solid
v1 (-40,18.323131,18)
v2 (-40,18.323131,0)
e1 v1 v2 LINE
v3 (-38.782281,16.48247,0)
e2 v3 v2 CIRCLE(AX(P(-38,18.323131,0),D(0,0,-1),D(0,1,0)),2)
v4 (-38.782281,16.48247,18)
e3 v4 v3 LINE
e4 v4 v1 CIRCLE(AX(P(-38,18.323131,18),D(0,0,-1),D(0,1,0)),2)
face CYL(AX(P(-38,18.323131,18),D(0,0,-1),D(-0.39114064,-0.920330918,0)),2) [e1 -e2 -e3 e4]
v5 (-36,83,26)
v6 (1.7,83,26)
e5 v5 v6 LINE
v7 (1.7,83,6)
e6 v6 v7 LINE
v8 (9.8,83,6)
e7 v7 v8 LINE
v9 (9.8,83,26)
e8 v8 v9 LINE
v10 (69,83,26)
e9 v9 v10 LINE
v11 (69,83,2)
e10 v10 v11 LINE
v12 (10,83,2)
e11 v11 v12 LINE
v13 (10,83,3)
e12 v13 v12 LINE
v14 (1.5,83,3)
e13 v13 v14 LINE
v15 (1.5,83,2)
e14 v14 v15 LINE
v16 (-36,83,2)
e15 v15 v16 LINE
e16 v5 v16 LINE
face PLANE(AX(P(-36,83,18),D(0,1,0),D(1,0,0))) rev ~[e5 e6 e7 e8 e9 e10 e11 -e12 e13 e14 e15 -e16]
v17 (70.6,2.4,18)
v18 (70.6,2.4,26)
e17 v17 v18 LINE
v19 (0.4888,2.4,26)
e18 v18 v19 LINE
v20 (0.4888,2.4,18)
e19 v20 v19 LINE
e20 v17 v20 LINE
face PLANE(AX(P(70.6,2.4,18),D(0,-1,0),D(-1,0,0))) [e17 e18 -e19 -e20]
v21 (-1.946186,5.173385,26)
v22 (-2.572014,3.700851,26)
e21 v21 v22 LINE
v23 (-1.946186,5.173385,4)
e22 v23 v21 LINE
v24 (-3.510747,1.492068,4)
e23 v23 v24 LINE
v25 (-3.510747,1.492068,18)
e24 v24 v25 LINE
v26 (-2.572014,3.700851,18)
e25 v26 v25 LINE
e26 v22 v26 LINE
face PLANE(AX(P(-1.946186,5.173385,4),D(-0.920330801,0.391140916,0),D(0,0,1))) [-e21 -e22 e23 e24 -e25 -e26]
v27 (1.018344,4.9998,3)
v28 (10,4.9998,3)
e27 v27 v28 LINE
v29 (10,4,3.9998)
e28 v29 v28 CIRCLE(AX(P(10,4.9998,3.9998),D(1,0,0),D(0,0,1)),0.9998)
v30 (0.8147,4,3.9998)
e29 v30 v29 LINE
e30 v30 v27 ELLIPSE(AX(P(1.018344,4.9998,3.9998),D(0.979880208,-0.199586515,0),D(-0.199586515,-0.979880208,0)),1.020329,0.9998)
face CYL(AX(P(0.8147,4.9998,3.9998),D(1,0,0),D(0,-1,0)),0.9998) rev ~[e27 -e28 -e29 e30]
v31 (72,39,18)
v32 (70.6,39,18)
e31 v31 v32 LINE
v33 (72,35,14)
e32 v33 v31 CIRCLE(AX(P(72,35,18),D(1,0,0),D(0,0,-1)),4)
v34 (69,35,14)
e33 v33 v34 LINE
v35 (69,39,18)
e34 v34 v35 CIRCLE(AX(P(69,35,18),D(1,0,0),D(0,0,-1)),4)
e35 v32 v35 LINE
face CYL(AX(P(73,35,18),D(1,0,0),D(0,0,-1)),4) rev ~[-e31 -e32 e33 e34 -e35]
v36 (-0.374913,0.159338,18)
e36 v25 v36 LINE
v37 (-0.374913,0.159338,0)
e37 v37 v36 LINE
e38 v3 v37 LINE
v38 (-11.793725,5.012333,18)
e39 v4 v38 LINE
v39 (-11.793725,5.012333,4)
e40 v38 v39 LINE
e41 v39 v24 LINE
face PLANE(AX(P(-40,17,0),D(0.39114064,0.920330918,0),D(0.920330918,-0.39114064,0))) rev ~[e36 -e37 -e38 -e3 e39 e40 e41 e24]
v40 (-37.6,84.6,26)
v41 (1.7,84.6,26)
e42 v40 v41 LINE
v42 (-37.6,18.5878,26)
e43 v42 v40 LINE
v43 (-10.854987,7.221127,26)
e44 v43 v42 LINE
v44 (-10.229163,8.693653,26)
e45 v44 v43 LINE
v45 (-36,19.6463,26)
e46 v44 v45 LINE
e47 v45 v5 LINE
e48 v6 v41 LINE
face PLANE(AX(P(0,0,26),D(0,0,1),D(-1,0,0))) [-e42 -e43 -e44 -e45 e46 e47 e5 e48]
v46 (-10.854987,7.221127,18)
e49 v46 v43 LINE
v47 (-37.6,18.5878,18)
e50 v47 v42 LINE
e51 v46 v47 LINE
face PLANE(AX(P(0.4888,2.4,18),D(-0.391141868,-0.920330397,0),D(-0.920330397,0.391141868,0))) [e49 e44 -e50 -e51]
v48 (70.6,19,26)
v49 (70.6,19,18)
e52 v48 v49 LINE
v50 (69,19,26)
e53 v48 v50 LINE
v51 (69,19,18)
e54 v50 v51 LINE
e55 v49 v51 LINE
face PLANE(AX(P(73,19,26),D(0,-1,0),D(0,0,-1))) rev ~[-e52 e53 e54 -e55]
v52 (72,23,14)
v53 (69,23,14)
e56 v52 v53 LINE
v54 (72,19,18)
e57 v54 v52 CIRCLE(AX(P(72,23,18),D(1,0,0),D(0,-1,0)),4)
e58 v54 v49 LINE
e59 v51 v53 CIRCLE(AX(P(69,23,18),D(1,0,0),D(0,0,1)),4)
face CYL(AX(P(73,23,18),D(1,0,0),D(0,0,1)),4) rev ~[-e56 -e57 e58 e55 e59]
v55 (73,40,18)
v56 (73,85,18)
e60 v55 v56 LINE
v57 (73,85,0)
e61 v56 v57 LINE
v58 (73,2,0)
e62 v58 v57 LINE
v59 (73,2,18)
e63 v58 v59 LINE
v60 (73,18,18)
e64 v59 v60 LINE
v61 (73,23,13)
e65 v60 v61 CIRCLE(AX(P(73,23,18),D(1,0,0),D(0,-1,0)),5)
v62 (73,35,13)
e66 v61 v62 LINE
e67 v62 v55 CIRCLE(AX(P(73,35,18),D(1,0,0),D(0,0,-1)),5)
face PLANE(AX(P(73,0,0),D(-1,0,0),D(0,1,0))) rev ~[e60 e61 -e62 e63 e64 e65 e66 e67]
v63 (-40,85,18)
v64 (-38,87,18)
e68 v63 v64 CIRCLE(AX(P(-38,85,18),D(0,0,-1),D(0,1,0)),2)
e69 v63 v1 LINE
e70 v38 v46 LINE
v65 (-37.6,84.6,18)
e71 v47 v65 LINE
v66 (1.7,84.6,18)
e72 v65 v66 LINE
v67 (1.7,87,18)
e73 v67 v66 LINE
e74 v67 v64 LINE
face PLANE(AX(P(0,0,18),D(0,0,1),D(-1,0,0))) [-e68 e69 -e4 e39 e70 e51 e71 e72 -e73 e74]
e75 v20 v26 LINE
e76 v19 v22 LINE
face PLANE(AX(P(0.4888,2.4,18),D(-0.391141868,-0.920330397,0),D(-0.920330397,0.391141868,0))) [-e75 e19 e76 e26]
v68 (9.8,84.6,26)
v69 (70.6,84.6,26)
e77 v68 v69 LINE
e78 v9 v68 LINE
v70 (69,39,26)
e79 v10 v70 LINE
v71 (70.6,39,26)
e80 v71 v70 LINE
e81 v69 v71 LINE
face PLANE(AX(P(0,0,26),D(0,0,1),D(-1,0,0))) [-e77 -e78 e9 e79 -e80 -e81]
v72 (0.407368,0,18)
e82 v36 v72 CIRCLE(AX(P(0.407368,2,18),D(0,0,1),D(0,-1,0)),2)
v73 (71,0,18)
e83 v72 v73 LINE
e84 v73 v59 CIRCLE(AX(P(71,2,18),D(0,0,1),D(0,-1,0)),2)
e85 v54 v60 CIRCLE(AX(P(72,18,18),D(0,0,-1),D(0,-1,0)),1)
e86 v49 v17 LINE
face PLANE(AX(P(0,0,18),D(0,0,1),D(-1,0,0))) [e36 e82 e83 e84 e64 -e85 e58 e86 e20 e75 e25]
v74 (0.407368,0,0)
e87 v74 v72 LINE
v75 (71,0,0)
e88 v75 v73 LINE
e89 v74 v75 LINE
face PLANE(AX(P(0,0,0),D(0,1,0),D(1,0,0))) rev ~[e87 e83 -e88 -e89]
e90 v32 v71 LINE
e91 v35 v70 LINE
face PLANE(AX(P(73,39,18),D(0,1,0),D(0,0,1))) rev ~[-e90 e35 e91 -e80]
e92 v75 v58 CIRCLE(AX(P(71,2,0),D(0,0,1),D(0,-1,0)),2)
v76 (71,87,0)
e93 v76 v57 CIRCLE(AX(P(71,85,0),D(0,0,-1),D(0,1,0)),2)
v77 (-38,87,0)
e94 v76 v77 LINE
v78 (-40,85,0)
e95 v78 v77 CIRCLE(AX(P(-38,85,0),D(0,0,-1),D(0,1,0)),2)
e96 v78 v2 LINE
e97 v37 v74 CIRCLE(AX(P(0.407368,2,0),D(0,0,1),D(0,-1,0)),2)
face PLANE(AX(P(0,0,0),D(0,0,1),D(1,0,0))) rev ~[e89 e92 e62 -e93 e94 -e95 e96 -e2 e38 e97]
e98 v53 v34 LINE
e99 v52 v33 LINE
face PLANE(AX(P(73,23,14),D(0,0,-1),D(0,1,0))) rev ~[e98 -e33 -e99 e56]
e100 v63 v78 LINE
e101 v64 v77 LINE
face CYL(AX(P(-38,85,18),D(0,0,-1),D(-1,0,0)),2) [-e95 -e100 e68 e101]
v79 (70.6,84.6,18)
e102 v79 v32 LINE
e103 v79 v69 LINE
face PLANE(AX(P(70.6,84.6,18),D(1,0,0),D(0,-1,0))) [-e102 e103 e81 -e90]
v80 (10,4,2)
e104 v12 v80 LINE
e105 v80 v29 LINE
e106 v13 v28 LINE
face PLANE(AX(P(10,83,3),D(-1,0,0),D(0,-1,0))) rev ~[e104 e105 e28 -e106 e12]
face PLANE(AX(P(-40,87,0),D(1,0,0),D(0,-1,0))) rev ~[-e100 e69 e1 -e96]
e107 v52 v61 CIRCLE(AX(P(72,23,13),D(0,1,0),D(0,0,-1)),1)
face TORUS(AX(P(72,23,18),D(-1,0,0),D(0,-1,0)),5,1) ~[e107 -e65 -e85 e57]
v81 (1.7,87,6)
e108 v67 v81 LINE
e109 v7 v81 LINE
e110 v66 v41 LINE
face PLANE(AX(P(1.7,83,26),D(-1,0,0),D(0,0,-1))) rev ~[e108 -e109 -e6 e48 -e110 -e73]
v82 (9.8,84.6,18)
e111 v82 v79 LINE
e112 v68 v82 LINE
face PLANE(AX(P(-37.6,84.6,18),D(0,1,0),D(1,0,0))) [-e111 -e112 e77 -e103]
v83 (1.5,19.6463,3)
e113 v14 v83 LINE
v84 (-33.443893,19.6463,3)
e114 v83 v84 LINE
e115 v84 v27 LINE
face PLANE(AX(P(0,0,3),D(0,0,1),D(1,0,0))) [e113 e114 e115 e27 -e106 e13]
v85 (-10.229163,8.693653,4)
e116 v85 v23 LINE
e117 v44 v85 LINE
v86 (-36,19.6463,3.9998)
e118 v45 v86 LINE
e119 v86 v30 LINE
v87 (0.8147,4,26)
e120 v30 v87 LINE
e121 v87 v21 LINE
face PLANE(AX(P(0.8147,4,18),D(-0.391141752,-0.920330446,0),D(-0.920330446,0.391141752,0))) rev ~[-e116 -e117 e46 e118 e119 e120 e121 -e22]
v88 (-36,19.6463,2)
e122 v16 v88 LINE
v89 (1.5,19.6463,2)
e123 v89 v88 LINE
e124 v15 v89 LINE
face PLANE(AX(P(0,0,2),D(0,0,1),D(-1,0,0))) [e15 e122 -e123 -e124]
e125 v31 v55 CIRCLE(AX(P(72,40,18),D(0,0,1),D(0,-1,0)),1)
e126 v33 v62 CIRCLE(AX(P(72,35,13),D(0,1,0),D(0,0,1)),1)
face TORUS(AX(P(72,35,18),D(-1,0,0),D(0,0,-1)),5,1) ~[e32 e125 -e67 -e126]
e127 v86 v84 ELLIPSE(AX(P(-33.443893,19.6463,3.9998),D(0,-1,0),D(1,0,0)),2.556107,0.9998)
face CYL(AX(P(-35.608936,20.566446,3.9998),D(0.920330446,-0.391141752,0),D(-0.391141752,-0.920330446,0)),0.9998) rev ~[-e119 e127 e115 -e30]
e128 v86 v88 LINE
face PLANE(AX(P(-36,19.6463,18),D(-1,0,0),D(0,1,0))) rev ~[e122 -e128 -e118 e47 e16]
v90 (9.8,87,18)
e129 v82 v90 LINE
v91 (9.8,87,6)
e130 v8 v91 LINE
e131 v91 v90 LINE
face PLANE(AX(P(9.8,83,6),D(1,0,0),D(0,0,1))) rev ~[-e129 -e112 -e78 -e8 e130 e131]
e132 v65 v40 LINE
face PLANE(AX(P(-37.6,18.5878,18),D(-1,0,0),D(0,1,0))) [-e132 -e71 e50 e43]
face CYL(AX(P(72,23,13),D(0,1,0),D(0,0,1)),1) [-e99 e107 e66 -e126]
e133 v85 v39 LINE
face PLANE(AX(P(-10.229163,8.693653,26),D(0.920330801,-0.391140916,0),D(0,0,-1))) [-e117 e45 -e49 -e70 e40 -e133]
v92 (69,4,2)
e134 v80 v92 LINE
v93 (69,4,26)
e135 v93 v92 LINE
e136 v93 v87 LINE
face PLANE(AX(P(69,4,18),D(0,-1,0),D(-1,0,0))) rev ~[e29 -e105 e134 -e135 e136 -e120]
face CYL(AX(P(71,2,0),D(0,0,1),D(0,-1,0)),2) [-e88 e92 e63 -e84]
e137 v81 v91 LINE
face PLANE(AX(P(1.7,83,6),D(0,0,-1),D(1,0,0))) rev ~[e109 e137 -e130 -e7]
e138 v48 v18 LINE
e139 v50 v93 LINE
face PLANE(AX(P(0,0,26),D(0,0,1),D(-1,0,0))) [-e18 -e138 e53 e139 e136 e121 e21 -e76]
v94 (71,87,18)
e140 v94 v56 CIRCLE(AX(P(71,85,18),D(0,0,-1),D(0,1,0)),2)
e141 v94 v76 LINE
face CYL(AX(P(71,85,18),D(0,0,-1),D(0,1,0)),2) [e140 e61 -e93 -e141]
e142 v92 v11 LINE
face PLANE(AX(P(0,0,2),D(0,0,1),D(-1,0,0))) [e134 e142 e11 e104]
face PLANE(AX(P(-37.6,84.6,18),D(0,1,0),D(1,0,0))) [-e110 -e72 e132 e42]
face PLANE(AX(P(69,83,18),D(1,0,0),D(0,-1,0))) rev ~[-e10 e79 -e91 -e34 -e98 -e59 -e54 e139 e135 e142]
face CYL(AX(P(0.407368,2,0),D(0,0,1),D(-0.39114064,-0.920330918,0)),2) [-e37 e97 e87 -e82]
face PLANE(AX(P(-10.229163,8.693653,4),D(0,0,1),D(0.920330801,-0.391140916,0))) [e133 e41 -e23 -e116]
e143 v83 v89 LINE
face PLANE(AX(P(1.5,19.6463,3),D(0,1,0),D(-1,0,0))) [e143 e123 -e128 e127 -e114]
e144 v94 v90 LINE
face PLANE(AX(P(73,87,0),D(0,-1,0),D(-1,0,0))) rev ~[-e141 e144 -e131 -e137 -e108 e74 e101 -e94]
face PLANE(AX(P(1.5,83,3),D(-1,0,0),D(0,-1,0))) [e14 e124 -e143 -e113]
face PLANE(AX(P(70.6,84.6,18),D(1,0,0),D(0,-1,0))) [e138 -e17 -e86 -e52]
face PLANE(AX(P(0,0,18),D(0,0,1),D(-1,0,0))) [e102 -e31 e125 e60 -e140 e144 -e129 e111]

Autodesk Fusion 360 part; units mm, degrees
sketch "Esquisse1" plane through (0, 0, 0) normal (0, 0, 1) x (1, 0, 0)
  line L0 (0, 0) -> (73, 0)
  line L1 (73, 0) -> (73, 87)
  line L2 (73, 87) -> (-40, 87)
  line L3 (-40, 87) -> (-40, 17)
  line L4 (-40, 17) -> (0, 0)
  dimension "d5" = 87
  dimension "d6" = 113
  dimension "d7" = 70
  dimension "d8" = 73
extrude "Extrusion1" add sketch "Esquisse1" along normal blind 3
sketch "Esquisse2" plane through (0, 0, 3) normal (0, 0, 1) x (-1, 0, 0)
  line L0 (40, -17) -> (0, 0)
  line L1 (0, 0) -> (-73, 0)
  line L2 (-73, 0) -> (-73, -87)
  line L3 (-73, -87) -> (40, -87)
  line L4 (40, -87) -> (40, -17)
  line L5 (-0.8147, -4) -> (-69, -4)
  line L6 (-69, -4) -> (-69, -83)
  line L7 (-69, -83) -> (36, -83)
  line L8 (36, -83) -> (36, -19.6463)
  line L9 (36, -19.6463) -> (-0.8147, -4)
  dimension "d11" = 4
  dimension "d12" = 4
  dimension "d13" = 4
  dimension "d14" = 4
  dimension "d15" = 4
extrude "Extrusion2" add sketch "Esquisse2" along normal blind 15
sketch "Esquisse3" plane through (0, 0, 18) normal (0, 0, 1) x (-1, 0, 0)
  line L0 (-0.8147, -4) -> (36, -19.6463)
  line L1 (36, -19.6463) -> (36, -83)
  line L2 (36, -83) -> (-69, -83)
  line L3 (-69, -83) -> (-69, -4)
  line L4 (-69, -4) -> (-0.8147, -4)
  line L5 (40, -87) -> (40, -17)
  line L6 (40, -17) -> (0, 0)
  line L7 (0, 0) -> (-73, 0)
  line L8 (-73, 0) -> (-73, -87)
  line L9 (-73, -87) -> (40, -87)
  line L10 (37.6, -84.6) -> (-70.6, -84.6)
  line L11 (-70.6, -84.6) -> (-70.6, -2.4)
  line L12 (-70.6, -2.4) -> (-0.4888, -2.4)
  line L13 (-0.4888, -2.4) -> (37.6, -18.5878)
  line L14 (37.6, -18.5878) -> (37.6, -84.6)
  dimension "d18" = 1.6
  dimension "d19" = 1.6
  dimension "d20" = 1.6
  dimension "d21" = 1.6
  dimension "d22" = 1.6
extrude "Extrusion3" add sketch "Esquisse3" along normal blind 8 contours L10 L11 L12 L13 L14
sketch "Esquisse4" plane through (0, 0, 3) normal (0, 0, 1) x (-1, 0, 0)
  line L0 (-0.8147, -4) -> (-69, -4)
  line L1 (-69, -4) -> (-69, -83)
  line L2 (-69, -83) -> (36, -83)
  line L3 (36, -83) -> (36, -19.6463)
  line L4 (36, -19.6463) -> (-0.8147, -4)
  line L5 (-69, -83) -> (-10, -83)
  line L6 (-10, -83) -> (-10, -4)
  line L7 (-10, -4) -> (-69, -4)
  line L8 (-69, -4) -> (-69, -83)
  line L9 (36, -83) -> (-1.5, -83)
  line L10 (-1.5, -83) -> (-1.5, -19.6463)
  line L11 (-1.5, -19.6463) -> (36, -19.6463)
  line L12 (36, -19.6463) -> (36, -83)
  dimension "d25" = 59
  dimension "d27" = 37.5
extrude "Extrusion4" cut sketch "Esquisse4" against normal blind 1 contours L0 L1 L2 L5 L6 L7 L8 | L2 L3 L9 L10 L11 L12
sketch "Esquisse5" plane through (73, 0, 0) normal (1, 0, 0) x (0, 1, 0)
  line L0 (0, 0) -> (87, 0)
  line L1 (87, 0) -> (87, 18)
  line L2 (87, 18) -> (0, 18)
  line L3 (0, 18) -> (0, 0)
  line L4 (23, 14) -> (35, 14)
  arc A0 (35, 14) -> (35, 22) centre (35, 18) ccw
  line L5 (35, 22) -> (23, 22)
  arc A1 (23, 22) -> (23, 14) centre (23, 18) ccw
  line L6 (19, 18) -> (39, 18)
  line L7 (39, 18) -> (39, 26)
  line L8 (39, 26) -> (19, 26)
  line L9 (19, 26) -> (19, 18)
  line L10 (2.4, 26) -> (84.6, 26)
  dimension "d34" = 8
  dimension "d35" = 12
  dimension "d36" = 23
  dimension "d37" = 14
  dimension "d38" = 4
extrude "Extrusion5" cut sketch "Esquisse5" against normal blind 5 contours L2 A0 L5 A1 L6 | A0 L5 A1 L7 L8 L9 L10 | L2 L4 A0 A1 L6
sketch "Esquisse10" plane through (1.5646, 3.6813, 0) normal (0.391141, 0.920331, 0) x (-0.920331, 0.391141, 0)
  line L0 (0.8147, 3) -> (40.8164, 3)
  line L1 (40.8164, 3) -> (40.8164, 26)
  line L2 (40.8164, 26) -> (0.8147, 26)
  line L3 (0.8147, 26) -> (0.8147, 3)
  line L4 (3.8147, 26) -> (12.8147, 26)
  line L5 (12.8147, 26) -> (12.8147, 4)
  line L6 (12.8147, 4) -> (3.8147, 4)
  line L7 (3.8147, 4) -> (3.8147, 26)
  dimension "d55" = 9
  dimension "d56" = 22
  dimension "d57" = 3
extrude "Extrusion8" cut sketch "Esquisse10" against normal blind 5 contours L2 L4 L5 L6 L7
sketch "Esquisse11" plane through (0, 83, 0) normal (0, -1, 0) x (1, 0, 0)
  line L0 (69, 2) -> (69, 26)
  line L1 (69, 26) -> (-36, 26)
  line L2 (-36, 26) -> (-36, 2)
  line L3 (1.5, 2) -> (1.5, 3)
  line L4 (1.5, 3) -> (10, 3)
  line L5 (10, 3) -> (10, 2)
  line L6 (9.8, 26) -> (1.7, 26)
  line L7 (1.7, 26) -> (1.7, 6)
  line L8 (1.7, 6) -> (9.8, 6)
  line L9 (9.8, 6) -> (9.8, 26)
  line L10 (-36, 2) -> (1.5, 2)
  line L11 (10, 2) -> (69, 2)
  dimension "d60" = 8.1
  dimension "d61" = 20
  dimension "d62" = 0.2
extrude "Extrusion9" cut sketch "Esquisse11" against normal blind 5 contours L1 L6 L7 L8 L9
fillet "Congé1" radius 2 5 edges at (0, 0, 9) (73, 0, 9) (-40, 17, 9) (73, 87, 9) (-40, 87, 9)
fillet "Congé2" radius 1 2 edges at (-17.5926, 11.8231, 3) (5.4074, 4, 3)
fillet "Congé3" radius 1 3 edges at (73, 37.8284, 15.1716) (73, 29, 14) (73, 20.1716, 15.1716)
equation "d16 = 20 mm - 5 mm"
